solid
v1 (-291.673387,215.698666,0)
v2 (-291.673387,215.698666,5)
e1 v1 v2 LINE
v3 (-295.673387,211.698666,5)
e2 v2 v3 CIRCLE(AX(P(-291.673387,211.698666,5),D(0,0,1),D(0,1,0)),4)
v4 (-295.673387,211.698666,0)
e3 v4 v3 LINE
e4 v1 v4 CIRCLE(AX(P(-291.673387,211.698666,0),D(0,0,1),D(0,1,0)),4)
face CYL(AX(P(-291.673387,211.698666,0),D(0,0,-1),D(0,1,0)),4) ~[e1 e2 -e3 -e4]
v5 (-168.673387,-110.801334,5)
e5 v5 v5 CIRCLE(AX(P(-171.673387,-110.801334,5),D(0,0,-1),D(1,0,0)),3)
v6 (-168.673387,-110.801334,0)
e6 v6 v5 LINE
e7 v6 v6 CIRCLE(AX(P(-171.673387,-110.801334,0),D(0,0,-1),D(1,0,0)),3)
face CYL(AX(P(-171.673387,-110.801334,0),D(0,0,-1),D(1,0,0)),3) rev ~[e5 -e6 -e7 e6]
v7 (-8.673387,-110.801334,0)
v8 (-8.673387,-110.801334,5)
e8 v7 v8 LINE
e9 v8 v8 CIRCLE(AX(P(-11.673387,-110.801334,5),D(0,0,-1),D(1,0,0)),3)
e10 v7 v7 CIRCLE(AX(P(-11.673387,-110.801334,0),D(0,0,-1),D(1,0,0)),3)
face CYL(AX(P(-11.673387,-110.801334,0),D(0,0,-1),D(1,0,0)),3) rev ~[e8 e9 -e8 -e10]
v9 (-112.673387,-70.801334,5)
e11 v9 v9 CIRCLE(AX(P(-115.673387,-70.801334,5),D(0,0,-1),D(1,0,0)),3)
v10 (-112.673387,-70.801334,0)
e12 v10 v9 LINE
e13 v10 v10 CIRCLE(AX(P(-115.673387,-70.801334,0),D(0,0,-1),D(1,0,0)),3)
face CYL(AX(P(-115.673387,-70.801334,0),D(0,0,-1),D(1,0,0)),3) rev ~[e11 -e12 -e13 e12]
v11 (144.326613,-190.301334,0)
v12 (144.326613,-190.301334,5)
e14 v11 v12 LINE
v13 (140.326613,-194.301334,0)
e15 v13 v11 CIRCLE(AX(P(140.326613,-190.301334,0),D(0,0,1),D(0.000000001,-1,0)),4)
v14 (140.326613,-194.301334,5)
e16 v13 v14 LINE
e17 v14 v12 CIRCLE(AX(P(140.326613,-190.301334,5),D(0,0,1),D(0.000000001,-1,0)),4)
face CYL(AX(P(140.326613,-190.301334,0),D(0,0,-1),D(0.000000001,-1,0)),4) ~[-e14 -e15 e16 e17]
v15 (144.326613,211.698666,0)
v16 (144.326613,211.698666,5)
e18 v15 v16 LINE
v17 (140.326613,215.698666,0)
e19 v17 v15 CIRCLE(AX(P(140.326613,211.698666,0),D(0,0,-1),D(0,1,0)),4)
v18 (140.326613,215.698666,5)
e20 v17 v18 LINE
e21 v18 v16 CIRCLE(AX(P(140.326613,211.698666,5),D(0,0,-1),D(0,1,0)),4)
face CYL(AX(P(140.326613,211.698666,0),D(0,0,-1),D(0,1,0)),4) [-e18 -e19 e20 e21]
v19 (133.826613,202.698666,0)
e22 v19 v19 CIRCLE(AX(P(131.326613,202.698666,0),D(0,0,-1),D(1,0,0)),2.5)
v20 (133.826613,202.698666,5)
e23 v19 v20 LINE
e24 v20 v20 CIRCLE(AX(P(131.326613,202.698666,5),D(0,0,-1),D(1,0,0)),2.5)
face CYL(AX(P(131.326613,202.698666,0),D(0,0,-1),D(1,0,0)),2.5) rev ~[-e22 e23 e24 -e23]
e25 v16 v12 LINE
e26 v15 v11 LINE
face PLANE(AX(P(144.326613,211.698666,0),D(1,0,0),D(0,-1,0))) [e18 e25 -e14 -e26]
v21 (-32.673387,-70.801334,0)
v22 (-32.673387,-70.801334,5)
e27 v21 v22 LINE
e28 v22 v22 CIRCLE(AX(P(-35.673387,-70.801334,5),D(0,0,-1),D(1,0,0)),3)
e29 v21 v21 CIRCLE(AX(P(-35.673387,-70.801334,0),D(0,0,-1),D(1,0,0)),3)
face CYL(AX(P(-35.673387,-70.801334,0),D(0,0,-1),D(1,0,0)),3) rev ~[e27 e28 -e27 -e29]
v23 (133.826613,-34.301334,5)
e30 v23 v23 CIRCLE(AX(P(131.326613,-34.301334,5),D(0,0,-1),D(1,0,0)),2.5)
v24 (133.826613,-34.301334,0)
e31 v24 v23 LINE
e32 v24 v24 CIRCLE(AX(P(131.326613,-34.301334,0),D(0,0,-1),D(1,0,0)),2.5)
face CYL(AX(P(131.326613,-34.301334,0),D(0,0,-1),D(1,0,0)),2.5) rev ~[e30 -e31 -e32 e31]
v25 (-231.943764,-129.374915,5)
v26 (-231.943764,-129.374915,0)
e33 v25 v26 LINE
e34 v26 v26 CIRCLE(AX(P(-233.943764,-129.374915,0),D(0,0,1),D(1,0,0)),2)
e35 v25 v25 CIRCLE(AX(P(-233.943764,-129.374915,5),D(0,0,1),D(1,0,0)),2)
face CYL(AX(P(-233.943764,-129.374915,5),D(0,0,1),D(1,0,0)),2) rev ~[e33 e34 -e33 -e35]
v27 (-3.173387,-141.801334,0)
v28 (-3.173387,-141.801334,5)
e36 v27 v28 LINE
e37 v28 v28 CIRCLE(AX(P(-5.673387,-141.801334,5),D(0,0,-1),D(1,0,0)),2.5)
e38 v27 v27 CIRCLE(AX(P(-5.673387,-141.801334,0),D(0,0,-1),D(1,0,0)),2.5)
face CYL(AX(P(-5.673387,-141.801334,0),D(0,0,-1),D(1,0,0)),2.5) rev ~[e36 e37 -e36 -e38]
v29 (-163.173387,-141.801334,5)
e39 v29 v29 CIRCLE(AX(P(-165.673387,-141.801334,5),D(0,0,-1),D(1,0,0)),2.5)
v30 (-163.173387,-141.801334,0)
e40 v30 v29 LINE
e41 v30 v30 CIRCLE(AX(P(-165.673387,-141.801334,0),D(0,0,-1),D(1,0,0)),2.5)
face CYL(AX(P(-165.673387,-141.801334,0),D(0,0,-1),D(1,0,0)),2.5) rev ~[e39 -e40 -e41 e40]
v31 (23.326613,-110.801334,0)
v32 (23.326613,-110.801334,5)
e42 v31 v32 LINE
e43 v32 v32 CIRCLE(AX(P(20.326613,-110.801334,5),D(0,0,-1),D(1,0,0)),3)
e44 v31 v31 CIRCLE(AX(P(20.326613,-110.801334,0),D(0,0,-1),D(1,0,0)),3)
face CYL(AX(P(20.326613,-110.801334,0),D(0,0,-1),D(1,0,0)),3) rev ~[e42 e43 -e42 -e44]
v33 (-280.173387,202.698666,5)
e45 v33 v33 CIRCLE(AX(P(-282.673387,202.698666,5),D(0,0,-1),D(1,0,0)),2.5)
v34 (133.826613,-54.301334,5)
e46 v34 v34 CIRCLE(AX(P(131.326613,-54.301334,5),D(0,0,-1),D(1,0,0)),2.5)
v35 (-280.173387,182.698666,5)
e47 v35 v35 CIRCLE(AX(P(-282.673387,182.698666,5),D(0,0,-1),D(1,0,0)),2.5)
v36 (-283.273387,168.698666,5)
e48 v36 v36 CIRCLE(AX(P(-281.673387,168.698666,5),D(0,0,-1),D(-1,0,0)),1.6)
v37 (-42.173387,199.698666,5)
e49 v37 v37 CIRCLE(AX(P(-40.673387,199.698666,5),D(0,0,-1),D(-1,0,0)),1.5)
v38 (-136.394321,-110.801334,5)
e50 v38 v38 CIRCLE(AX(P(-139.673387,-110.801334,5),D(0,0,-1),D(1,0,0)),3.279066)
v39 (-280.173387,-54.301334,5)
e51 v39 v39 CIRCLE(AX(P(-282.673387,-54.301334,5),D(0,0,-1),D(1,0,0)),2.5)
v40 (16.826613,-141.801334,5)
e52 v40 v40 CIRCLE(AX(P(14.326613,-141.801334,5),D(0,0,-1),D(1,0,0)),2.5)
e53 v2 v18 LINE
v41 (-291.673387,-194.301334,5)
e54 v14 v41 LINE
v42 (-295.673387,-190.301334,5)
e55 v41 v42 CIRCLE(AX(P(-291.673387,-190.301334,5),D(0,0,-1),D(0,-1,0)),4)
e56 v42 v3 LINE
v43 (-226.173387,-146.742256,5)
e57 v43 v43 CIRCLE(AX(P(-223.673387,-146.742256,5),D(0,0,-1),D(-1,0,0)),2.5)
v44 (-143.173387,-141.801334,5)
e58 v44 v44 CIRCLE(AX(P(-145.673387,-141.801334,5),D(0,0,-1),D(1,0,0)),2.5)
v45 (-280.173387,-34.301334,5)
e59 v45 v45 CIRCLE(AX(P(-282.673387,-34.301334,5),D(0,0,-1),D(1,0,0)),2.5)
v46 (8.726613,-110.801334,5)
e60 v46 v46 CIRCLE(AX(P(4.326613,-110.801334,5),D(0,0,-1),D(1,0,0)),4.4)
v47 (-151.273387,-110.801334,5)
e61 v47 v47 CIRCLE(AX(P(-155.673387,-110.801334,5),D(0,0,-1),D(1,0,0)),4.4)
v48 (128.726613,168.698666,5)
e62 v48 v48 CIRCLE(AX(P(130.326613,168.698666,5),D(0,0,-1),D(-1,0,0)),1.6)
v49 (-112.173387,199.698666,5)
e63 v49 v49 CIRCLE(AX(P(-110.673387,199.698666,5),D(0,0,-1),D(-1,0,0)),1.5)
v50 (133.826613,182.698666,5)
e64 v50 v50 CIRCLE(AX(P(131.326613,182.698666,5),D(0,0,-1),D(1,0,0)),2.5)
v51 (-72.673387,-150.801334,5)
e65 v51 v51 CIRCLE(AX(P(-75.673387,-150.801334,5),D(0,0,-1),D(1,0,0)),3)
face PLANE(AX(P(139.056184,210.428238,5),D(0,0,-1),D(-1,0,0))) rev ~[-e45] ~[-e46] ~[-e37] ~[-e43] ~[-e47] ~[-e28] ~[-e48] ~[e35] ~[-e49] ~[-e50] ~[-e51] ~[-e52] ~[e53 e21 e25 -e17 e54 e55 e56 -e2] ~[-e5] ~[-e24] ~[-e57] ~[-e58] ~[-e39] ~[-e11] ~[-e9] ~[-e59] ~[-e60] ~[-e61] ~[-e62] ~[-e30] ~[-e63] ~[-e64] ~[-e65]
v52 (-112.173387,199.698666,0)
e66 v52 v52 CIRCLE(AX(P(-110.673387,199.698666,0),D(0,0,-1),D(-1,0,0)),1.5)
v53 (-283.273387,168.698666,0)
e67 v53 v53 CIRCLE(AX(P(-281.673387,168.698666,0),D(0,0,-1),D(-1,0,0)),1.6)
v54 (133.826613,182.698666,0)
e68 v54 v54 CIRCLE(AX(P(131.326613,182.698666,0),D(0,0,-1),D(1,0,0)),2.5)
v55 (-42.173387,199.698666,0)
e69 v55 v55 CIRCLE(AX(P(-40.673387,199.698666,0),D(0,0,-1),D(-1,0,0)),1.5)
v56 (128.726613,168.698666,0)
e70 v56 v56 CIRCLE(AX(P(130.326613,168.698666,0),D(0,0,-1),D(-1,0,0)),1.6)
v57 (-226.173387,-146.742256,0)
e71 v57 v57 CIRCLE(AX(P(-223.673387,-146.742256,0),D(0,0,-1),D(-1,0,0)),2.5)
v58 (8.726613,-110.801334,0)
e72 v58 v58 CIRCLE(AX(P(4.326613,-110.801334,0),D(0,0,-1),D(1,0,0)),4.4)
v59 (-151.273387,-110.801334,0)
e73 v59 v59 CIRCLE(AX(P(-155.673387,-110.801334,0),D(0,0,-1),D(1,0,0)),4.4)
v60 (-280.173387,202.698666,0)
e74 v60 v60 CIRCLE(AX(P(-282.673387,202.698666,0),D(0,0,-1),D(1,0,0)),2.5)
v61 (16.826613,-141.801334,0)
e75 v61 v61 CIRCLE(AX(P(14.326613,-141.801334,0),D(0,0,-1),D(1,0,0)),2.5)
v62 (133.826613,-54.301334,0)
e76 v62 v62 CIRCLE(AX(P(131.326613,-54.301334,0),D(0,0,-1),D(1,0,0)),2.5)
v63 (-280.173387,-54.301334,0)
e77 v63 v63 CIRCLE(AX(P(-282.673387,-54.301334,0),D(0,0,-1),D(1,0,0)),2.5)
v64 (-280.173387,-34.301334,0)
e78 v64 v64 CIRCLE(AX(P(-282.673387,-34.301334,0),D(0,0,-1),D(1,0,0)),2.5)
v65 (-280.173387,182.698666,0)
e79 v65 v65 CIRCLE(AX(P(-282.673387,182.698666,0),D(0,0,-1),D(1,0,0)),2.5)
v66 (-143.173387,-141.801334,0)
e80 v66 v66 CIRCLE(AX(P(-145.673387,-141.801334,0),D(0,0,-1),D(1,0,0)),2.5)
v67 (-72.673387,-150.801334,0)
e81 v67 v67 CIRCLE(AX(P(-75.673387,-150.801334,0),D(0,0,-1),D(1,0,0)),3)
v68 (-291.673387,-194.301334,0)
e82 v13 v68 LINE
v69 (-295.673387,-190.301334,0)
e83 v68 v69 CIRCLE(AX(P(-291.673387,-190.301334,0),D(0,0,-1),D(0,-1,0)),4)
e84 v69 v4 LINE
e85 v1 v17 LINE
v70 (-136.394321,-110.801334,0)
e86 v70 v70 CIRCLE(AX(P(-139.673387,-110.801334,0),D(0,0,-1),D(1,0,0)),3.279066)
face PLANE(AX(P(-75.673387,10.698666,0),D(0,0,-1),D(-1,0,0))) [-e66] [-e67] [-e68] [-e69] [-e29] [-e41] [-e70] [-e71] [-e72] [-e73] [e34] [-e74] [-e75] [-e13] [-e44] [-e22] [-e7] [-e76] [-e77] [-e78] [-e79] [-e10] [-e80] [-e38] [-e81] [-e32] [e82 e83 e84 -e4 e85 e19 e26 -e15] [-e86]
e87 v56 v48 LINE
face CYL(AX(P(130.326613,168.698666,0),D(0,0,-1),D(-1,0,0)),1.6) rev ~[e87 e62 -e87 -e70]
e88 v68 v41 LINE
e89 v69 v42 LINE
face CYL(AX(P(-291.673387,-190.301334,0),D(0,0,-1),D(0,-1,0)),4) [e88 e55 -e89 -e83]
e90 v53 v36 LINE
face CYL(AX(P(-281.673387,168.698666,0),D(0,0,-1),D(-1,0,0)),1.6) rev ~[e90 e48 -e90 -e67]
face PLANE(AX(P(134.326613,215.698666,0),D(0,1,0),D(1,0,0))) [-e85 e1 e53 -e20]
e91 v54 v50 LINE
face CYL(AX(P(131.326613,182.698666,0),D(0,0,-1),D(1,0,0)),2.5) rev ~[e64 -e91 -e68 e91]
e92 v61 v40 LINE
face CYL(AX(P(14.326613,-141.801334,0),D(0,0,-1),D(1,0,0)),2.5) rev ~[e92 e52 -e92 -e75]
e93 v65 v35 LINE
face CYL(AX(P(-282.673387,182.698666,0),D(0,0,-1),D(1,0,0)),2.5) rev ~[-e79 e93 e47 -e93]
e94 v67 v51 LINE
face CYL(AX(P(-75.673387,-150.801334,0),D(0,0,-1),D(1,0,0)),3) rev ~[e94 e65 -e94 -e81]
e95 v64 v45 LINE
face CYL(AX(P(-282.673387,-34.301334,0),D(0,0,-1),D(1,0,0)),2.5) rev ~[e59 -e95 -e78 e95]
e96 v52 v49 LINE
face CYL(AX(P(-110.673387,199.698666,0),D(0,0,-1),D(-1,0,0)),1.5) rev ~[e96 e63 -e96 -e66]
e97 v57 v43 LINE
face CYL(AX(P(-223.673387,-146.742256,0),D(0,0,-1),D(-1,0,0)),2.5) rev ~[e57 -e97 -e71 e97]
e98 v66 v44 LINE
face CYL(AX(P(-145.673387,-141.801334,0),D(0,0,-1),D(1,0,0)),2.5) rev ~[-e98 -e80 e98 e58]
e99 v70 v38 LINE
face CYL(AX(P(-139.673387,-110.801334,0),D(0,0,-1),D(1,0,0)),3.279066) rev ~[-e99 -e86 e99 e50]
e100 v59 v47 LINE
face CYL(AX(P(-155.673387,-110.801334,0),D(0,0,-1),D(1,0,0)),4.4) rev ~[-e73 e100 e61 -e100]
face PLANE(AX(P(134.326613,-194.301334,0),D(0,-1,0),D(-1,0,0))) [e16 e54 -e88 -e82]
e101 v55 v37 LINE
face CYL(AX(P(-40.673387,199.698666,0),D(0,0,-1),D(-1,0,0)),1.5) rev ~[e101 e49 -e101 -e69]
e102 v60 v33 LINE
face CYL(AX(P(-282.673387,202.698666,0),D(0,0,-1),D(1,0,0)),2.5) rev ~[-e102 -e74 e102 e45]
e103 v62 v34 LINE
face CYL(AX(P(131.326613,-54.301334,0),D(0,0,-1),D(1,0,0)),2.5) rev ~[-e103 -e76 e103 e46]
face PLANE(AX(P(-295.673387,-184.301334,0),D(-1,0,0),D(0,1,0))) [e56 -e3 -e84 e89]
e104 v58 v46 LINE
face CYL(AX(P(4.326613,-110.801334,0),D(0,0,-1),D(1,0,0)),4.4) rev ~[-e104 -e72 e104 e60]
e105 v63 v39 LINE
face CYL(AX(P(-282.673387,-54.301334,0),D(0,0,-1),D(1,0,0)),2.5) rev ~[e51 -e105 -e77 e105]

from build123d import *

# Parameters (mm, degrees)
SKETCH1_R           = 2.5
SKETCH1_R_2         = 4.4
SKETCH1_R_3         = 3
SKETCH1_R_4         = 3.279065817
SKETCH1_R_5         = 1.6
BOSS_EXTRUDE1_DEPTH = 5
SKETCH5_R           = 1.5
CUT_EXTRUDE1_DEPTH  = 10
BOSS_EXTRUDE2_DEPTH = 5
SKETCH7_R           = 2
CUT_EXTRUDE2_DEPTH  = 10


with BuildPart() as part:
    # Sketch1 → Boss-Extrude1 (new body)
    with BuildSketch(Plane(origin=(0, 0, 0), x_dir=(-1, 0, 0), z_dir=(0, 0, -1))):
        with BuildLine():
            Line((-134.326613086, -194.301333572), (285.673386914, -194.301333572))
            ThreePointArc((285.673386914, -194.301333572), (292.744454726, -191.372401383), (295.673386914, -184.301333572))
            Line((295.673386914, -184.301333572), (295.673386914, 205.698666428))
            ThreePointArc((295.673386914, 205.698666428), (292.744454726, 212.76973424), (285.673386914, 215.698666428))
            Line((285.673386914, 215.698666428), (-134.326613086, 215.698666428))
            ThreePointArc((-134.326613086, 215.698666428), (-141.397680897, 212.76973424), (-144.326613086, 205.698666428))
            Line((-144.326613086, 205.698666428), (-144.326613086, -184.301333572))
            ThreePointArc((-144.326613086, -184.301333572), (-141.397680897, -191.372401383), (-134.326613086, -194.301333572))
        make_face()
        with Locations(Location((282.673386914, 202.698666428, 0), (0, 0, 180))):
            Circle(SKETCH1_R, mode=Mode.SUBTRACT)
        with Locations(Location((282.673386914, 182.698666428, 0), (0, 0, 180))):
            Circle(SKETCH1_R, mode=Mode.SUBTRACT)
        with Locations(Location((282.673386914, -34.301333572, 0), (0, 0, 180))):
            Circle(SKETCH1_R, mode=Mode.SUBTRACT)
        with Locations(Location((282.673386914, -54.301333572, 0), (0, 0, 180))):
            Circle(SKETCH1_R, mode=Mode.SUBTRACT)
        with Locations(Location((-131.326613086, 202.698666428, 0), (0, 0, 180))):
            Circle(SKETCH1_R, mode=Mode.SUBTRACT)
        with Locations(Location((-131.326613086, 182.698666428, 0), (0, 0, 180))):
            Circle(SKETCH1_R, mode=Mode.SUBTRACT)
        with Locations(Location((-131.326613086, -34.301333572, 0), (0, 0, 180))):
            Circle(SKETCH1_R, mode=Mode.SUBTRACT)
        with Locations(Location((-131.326613086, -54.301333572, 0), (0, 0, 180))):
            Circle(SKETCH1_R, mode=Mode.SUBTRACT)
        with Locations(Location((165.673386914, -141.801333572, 0), (0, 0, 180))):
            Circle(SKETCH1_R, mode=Mode.SUBTRACT)
        with Locations(Location((145.673386914, -141.801333572, 0), (0, 0, 180))):
            Circle(SKETCH1_R, mode=Mode.SUBTRACT)
        with Locations(Location((5.673386914, -141.801333572, 0), (0, 0, 180))):
            Circle(SKETCH1_R, mode=Mode.SUBTRACT)
        with Locations(Location((-14.326613086, -141.801333572, 0), (0, 0, 180))):
            Circle(SKETCH1_R, mode=Mode.SUBTRACT)
        with Locations(Location((-4.326613086, -110.801333572, 0), (0, 0, 180))):
            Circle(SKETCH1_R_2, mode=Mode.SUBTRACT)
        with Locations(Location((155.673386914, -110.801333572, 0), (0, 0, 180))):
            Circle(SKETCH1_R_2, mode=Mode.SUBTRACT)
        with Locations(Location((171.673386914, -110.801333572, 0), (0, 0, 180))):
            Circle(SKETCH1_R_3, mode=Mode.SUBTRACT)
        with Locations(Location((139.673386914, -110.801333572, 0), (0, 0, 180))):
            Circle(SKETCH1_R_4, mode=Mode.SUBTRACT)
        with Locations(Location((11.673386914, -110.801333572, 0), (0, 0, 180))):
            Circle(SKETCH1_R_3, mode=Mode.SUBTRACT)
        with Locations(Location((-20.326613086, -110.801333572, 0), (0, 0, 180))):
            Circle(SKETCH1_R_3, mode=Mode.SUBTRACT)
        with Locations(Location((75.673386914, -150.801333572, 0), (0, 0, 180))):
            Circle(SKETCH1_R_3, mode=Mode.SUBTRACT)
        with Locations(Location((35.673386914, -70.801333572, 0), (0, 0, 180))):
            Circle(SKETCH1_R_3, mode=Mode.SUBTRACT)
        with Locations(Location((115.673386914, -70.801333572, 0), (0, 0, 180))):
            Circle(SKETCH1_R_3, mode=Mode.SUBTRACT)
        with Locations((281.673386914, 168.698666428)):
            Circle(SKETCH1_R_5, mode=Mode.SUBTRACT)
        with Locations((-130.326613086, 168.698666428)):
            Circle(SKETCH1_R_5, mode=Mode.SUBTRACT)
        with Locations((223.673386914, -146.742256115)):
            Circle(SKETCH1_R, mode=Mode.SUBTRACT)
    extrude(amount=-BOSS_EXTRUDE1_DEPTH)

    # Sketch5 → Cut-Extrude1 (cut)
    with BuildSketch(Plane(origin=(0, 0, 0), x_dir=(-1, 0, 0), z_dir=(0, 0, -1))):
        with Locations((40.673386914, 199.698666428)):
            Circle(SKETCH5_R)
        with Locations((110.673386914, 199.698666428)):
            Circle(SKETCH5_R)
    extrude(amount=-CUT_EXTRUDE1_DEPTH, mode=Mode.SUBTRACT)

    # Sketch2 → Boss-Extrude2 (add)
    with BuildSketch(Plane(origin=(0, 0, 0), x_dir=(-1, 0, 0), z_dir=(0, 0, -1))):
        with BuildLine():
            Line((-144.326613086, 205.698666428), (-134.326613086, 205.698666428))
            Line((-134.326613086, 205.698666428), (-134.326613086, 215.698666428))
            Line((-134.326613086, 215.698666428), (-140.326613086, 215.698666428))
            ThreePointArc((-140.326613086, 215.698666428), (-143.15504021, 214.527093553), (-144.326613086, 211.698666428))
            Line((-144.326613086, 211.698666428), (-144.326613086, 205.698666428))
        make_face()
        with BuildLine():
            Line((285.673386914, 205.698666428), (285.673386914, 215.698666428))
            Line((285.673386914, 215.698666428), (291.673386914, 215.698666428))
            ThreePointArc((291.673386914, 215.698666428), (294.501814039, 214.527093553), (295.673386914, 211.698666428))
            Line((295.673386914, 211.698666428), (295.673386914, 205.698666428))
            Line((295.673386914, 205.698666428), (285.673386914, 205.698666428))
        make_face()
        with BuildLine():
            Line((295.673386914, -184.301333572), (285.673386914, -184.301333572))
            Line((285.673386914, -184.301333572), (285.673386914, -194.301333572))
            Line((285.673386914, -194.301333572), (291.673386914, -194.301333572))
            ThreePointArc((291.673386914, -194.301333572), (294.501814039, -193.129760696), (295.673386914, -190.301333572))
            Line((295.673386914, -190.301333572), (295.673386914, -184.301333572))
        make_face()
        with BuildLine():
            Line((-134.326613086, -184.301333572), (-134.326613086, -194.301333572))
            Line((-134.326613086, -194.301333572), (-140.326613086, -194.301333572))
            ThreePointArc((-140.326613086, -194.301333572), (-143.15504021, -193.129760696), (-144.326613086, -190.301333572))
            Line((-144.326613086, -190.301333572), (-144.326613086, -184.301333572))
            Line((-144.326613086, -184.301333572), (-134.326613086, -184.301333572))
        make_face()
    extrude(amount=-BOSS_EXTRUDE2_DEPTH)

    # Sketch7 → Cut-Extrude2 (cut)
    with BuildSketch(Plane.XY.offset(5)):
        with Locations((-233.943763634, -129.374915409)):
            Circle(SKETCH7_R)
    extrude(amount=-CUT_EXTRUDE2_DEPTH, mode=Mode.SUBTRACT)


solid = part.part
